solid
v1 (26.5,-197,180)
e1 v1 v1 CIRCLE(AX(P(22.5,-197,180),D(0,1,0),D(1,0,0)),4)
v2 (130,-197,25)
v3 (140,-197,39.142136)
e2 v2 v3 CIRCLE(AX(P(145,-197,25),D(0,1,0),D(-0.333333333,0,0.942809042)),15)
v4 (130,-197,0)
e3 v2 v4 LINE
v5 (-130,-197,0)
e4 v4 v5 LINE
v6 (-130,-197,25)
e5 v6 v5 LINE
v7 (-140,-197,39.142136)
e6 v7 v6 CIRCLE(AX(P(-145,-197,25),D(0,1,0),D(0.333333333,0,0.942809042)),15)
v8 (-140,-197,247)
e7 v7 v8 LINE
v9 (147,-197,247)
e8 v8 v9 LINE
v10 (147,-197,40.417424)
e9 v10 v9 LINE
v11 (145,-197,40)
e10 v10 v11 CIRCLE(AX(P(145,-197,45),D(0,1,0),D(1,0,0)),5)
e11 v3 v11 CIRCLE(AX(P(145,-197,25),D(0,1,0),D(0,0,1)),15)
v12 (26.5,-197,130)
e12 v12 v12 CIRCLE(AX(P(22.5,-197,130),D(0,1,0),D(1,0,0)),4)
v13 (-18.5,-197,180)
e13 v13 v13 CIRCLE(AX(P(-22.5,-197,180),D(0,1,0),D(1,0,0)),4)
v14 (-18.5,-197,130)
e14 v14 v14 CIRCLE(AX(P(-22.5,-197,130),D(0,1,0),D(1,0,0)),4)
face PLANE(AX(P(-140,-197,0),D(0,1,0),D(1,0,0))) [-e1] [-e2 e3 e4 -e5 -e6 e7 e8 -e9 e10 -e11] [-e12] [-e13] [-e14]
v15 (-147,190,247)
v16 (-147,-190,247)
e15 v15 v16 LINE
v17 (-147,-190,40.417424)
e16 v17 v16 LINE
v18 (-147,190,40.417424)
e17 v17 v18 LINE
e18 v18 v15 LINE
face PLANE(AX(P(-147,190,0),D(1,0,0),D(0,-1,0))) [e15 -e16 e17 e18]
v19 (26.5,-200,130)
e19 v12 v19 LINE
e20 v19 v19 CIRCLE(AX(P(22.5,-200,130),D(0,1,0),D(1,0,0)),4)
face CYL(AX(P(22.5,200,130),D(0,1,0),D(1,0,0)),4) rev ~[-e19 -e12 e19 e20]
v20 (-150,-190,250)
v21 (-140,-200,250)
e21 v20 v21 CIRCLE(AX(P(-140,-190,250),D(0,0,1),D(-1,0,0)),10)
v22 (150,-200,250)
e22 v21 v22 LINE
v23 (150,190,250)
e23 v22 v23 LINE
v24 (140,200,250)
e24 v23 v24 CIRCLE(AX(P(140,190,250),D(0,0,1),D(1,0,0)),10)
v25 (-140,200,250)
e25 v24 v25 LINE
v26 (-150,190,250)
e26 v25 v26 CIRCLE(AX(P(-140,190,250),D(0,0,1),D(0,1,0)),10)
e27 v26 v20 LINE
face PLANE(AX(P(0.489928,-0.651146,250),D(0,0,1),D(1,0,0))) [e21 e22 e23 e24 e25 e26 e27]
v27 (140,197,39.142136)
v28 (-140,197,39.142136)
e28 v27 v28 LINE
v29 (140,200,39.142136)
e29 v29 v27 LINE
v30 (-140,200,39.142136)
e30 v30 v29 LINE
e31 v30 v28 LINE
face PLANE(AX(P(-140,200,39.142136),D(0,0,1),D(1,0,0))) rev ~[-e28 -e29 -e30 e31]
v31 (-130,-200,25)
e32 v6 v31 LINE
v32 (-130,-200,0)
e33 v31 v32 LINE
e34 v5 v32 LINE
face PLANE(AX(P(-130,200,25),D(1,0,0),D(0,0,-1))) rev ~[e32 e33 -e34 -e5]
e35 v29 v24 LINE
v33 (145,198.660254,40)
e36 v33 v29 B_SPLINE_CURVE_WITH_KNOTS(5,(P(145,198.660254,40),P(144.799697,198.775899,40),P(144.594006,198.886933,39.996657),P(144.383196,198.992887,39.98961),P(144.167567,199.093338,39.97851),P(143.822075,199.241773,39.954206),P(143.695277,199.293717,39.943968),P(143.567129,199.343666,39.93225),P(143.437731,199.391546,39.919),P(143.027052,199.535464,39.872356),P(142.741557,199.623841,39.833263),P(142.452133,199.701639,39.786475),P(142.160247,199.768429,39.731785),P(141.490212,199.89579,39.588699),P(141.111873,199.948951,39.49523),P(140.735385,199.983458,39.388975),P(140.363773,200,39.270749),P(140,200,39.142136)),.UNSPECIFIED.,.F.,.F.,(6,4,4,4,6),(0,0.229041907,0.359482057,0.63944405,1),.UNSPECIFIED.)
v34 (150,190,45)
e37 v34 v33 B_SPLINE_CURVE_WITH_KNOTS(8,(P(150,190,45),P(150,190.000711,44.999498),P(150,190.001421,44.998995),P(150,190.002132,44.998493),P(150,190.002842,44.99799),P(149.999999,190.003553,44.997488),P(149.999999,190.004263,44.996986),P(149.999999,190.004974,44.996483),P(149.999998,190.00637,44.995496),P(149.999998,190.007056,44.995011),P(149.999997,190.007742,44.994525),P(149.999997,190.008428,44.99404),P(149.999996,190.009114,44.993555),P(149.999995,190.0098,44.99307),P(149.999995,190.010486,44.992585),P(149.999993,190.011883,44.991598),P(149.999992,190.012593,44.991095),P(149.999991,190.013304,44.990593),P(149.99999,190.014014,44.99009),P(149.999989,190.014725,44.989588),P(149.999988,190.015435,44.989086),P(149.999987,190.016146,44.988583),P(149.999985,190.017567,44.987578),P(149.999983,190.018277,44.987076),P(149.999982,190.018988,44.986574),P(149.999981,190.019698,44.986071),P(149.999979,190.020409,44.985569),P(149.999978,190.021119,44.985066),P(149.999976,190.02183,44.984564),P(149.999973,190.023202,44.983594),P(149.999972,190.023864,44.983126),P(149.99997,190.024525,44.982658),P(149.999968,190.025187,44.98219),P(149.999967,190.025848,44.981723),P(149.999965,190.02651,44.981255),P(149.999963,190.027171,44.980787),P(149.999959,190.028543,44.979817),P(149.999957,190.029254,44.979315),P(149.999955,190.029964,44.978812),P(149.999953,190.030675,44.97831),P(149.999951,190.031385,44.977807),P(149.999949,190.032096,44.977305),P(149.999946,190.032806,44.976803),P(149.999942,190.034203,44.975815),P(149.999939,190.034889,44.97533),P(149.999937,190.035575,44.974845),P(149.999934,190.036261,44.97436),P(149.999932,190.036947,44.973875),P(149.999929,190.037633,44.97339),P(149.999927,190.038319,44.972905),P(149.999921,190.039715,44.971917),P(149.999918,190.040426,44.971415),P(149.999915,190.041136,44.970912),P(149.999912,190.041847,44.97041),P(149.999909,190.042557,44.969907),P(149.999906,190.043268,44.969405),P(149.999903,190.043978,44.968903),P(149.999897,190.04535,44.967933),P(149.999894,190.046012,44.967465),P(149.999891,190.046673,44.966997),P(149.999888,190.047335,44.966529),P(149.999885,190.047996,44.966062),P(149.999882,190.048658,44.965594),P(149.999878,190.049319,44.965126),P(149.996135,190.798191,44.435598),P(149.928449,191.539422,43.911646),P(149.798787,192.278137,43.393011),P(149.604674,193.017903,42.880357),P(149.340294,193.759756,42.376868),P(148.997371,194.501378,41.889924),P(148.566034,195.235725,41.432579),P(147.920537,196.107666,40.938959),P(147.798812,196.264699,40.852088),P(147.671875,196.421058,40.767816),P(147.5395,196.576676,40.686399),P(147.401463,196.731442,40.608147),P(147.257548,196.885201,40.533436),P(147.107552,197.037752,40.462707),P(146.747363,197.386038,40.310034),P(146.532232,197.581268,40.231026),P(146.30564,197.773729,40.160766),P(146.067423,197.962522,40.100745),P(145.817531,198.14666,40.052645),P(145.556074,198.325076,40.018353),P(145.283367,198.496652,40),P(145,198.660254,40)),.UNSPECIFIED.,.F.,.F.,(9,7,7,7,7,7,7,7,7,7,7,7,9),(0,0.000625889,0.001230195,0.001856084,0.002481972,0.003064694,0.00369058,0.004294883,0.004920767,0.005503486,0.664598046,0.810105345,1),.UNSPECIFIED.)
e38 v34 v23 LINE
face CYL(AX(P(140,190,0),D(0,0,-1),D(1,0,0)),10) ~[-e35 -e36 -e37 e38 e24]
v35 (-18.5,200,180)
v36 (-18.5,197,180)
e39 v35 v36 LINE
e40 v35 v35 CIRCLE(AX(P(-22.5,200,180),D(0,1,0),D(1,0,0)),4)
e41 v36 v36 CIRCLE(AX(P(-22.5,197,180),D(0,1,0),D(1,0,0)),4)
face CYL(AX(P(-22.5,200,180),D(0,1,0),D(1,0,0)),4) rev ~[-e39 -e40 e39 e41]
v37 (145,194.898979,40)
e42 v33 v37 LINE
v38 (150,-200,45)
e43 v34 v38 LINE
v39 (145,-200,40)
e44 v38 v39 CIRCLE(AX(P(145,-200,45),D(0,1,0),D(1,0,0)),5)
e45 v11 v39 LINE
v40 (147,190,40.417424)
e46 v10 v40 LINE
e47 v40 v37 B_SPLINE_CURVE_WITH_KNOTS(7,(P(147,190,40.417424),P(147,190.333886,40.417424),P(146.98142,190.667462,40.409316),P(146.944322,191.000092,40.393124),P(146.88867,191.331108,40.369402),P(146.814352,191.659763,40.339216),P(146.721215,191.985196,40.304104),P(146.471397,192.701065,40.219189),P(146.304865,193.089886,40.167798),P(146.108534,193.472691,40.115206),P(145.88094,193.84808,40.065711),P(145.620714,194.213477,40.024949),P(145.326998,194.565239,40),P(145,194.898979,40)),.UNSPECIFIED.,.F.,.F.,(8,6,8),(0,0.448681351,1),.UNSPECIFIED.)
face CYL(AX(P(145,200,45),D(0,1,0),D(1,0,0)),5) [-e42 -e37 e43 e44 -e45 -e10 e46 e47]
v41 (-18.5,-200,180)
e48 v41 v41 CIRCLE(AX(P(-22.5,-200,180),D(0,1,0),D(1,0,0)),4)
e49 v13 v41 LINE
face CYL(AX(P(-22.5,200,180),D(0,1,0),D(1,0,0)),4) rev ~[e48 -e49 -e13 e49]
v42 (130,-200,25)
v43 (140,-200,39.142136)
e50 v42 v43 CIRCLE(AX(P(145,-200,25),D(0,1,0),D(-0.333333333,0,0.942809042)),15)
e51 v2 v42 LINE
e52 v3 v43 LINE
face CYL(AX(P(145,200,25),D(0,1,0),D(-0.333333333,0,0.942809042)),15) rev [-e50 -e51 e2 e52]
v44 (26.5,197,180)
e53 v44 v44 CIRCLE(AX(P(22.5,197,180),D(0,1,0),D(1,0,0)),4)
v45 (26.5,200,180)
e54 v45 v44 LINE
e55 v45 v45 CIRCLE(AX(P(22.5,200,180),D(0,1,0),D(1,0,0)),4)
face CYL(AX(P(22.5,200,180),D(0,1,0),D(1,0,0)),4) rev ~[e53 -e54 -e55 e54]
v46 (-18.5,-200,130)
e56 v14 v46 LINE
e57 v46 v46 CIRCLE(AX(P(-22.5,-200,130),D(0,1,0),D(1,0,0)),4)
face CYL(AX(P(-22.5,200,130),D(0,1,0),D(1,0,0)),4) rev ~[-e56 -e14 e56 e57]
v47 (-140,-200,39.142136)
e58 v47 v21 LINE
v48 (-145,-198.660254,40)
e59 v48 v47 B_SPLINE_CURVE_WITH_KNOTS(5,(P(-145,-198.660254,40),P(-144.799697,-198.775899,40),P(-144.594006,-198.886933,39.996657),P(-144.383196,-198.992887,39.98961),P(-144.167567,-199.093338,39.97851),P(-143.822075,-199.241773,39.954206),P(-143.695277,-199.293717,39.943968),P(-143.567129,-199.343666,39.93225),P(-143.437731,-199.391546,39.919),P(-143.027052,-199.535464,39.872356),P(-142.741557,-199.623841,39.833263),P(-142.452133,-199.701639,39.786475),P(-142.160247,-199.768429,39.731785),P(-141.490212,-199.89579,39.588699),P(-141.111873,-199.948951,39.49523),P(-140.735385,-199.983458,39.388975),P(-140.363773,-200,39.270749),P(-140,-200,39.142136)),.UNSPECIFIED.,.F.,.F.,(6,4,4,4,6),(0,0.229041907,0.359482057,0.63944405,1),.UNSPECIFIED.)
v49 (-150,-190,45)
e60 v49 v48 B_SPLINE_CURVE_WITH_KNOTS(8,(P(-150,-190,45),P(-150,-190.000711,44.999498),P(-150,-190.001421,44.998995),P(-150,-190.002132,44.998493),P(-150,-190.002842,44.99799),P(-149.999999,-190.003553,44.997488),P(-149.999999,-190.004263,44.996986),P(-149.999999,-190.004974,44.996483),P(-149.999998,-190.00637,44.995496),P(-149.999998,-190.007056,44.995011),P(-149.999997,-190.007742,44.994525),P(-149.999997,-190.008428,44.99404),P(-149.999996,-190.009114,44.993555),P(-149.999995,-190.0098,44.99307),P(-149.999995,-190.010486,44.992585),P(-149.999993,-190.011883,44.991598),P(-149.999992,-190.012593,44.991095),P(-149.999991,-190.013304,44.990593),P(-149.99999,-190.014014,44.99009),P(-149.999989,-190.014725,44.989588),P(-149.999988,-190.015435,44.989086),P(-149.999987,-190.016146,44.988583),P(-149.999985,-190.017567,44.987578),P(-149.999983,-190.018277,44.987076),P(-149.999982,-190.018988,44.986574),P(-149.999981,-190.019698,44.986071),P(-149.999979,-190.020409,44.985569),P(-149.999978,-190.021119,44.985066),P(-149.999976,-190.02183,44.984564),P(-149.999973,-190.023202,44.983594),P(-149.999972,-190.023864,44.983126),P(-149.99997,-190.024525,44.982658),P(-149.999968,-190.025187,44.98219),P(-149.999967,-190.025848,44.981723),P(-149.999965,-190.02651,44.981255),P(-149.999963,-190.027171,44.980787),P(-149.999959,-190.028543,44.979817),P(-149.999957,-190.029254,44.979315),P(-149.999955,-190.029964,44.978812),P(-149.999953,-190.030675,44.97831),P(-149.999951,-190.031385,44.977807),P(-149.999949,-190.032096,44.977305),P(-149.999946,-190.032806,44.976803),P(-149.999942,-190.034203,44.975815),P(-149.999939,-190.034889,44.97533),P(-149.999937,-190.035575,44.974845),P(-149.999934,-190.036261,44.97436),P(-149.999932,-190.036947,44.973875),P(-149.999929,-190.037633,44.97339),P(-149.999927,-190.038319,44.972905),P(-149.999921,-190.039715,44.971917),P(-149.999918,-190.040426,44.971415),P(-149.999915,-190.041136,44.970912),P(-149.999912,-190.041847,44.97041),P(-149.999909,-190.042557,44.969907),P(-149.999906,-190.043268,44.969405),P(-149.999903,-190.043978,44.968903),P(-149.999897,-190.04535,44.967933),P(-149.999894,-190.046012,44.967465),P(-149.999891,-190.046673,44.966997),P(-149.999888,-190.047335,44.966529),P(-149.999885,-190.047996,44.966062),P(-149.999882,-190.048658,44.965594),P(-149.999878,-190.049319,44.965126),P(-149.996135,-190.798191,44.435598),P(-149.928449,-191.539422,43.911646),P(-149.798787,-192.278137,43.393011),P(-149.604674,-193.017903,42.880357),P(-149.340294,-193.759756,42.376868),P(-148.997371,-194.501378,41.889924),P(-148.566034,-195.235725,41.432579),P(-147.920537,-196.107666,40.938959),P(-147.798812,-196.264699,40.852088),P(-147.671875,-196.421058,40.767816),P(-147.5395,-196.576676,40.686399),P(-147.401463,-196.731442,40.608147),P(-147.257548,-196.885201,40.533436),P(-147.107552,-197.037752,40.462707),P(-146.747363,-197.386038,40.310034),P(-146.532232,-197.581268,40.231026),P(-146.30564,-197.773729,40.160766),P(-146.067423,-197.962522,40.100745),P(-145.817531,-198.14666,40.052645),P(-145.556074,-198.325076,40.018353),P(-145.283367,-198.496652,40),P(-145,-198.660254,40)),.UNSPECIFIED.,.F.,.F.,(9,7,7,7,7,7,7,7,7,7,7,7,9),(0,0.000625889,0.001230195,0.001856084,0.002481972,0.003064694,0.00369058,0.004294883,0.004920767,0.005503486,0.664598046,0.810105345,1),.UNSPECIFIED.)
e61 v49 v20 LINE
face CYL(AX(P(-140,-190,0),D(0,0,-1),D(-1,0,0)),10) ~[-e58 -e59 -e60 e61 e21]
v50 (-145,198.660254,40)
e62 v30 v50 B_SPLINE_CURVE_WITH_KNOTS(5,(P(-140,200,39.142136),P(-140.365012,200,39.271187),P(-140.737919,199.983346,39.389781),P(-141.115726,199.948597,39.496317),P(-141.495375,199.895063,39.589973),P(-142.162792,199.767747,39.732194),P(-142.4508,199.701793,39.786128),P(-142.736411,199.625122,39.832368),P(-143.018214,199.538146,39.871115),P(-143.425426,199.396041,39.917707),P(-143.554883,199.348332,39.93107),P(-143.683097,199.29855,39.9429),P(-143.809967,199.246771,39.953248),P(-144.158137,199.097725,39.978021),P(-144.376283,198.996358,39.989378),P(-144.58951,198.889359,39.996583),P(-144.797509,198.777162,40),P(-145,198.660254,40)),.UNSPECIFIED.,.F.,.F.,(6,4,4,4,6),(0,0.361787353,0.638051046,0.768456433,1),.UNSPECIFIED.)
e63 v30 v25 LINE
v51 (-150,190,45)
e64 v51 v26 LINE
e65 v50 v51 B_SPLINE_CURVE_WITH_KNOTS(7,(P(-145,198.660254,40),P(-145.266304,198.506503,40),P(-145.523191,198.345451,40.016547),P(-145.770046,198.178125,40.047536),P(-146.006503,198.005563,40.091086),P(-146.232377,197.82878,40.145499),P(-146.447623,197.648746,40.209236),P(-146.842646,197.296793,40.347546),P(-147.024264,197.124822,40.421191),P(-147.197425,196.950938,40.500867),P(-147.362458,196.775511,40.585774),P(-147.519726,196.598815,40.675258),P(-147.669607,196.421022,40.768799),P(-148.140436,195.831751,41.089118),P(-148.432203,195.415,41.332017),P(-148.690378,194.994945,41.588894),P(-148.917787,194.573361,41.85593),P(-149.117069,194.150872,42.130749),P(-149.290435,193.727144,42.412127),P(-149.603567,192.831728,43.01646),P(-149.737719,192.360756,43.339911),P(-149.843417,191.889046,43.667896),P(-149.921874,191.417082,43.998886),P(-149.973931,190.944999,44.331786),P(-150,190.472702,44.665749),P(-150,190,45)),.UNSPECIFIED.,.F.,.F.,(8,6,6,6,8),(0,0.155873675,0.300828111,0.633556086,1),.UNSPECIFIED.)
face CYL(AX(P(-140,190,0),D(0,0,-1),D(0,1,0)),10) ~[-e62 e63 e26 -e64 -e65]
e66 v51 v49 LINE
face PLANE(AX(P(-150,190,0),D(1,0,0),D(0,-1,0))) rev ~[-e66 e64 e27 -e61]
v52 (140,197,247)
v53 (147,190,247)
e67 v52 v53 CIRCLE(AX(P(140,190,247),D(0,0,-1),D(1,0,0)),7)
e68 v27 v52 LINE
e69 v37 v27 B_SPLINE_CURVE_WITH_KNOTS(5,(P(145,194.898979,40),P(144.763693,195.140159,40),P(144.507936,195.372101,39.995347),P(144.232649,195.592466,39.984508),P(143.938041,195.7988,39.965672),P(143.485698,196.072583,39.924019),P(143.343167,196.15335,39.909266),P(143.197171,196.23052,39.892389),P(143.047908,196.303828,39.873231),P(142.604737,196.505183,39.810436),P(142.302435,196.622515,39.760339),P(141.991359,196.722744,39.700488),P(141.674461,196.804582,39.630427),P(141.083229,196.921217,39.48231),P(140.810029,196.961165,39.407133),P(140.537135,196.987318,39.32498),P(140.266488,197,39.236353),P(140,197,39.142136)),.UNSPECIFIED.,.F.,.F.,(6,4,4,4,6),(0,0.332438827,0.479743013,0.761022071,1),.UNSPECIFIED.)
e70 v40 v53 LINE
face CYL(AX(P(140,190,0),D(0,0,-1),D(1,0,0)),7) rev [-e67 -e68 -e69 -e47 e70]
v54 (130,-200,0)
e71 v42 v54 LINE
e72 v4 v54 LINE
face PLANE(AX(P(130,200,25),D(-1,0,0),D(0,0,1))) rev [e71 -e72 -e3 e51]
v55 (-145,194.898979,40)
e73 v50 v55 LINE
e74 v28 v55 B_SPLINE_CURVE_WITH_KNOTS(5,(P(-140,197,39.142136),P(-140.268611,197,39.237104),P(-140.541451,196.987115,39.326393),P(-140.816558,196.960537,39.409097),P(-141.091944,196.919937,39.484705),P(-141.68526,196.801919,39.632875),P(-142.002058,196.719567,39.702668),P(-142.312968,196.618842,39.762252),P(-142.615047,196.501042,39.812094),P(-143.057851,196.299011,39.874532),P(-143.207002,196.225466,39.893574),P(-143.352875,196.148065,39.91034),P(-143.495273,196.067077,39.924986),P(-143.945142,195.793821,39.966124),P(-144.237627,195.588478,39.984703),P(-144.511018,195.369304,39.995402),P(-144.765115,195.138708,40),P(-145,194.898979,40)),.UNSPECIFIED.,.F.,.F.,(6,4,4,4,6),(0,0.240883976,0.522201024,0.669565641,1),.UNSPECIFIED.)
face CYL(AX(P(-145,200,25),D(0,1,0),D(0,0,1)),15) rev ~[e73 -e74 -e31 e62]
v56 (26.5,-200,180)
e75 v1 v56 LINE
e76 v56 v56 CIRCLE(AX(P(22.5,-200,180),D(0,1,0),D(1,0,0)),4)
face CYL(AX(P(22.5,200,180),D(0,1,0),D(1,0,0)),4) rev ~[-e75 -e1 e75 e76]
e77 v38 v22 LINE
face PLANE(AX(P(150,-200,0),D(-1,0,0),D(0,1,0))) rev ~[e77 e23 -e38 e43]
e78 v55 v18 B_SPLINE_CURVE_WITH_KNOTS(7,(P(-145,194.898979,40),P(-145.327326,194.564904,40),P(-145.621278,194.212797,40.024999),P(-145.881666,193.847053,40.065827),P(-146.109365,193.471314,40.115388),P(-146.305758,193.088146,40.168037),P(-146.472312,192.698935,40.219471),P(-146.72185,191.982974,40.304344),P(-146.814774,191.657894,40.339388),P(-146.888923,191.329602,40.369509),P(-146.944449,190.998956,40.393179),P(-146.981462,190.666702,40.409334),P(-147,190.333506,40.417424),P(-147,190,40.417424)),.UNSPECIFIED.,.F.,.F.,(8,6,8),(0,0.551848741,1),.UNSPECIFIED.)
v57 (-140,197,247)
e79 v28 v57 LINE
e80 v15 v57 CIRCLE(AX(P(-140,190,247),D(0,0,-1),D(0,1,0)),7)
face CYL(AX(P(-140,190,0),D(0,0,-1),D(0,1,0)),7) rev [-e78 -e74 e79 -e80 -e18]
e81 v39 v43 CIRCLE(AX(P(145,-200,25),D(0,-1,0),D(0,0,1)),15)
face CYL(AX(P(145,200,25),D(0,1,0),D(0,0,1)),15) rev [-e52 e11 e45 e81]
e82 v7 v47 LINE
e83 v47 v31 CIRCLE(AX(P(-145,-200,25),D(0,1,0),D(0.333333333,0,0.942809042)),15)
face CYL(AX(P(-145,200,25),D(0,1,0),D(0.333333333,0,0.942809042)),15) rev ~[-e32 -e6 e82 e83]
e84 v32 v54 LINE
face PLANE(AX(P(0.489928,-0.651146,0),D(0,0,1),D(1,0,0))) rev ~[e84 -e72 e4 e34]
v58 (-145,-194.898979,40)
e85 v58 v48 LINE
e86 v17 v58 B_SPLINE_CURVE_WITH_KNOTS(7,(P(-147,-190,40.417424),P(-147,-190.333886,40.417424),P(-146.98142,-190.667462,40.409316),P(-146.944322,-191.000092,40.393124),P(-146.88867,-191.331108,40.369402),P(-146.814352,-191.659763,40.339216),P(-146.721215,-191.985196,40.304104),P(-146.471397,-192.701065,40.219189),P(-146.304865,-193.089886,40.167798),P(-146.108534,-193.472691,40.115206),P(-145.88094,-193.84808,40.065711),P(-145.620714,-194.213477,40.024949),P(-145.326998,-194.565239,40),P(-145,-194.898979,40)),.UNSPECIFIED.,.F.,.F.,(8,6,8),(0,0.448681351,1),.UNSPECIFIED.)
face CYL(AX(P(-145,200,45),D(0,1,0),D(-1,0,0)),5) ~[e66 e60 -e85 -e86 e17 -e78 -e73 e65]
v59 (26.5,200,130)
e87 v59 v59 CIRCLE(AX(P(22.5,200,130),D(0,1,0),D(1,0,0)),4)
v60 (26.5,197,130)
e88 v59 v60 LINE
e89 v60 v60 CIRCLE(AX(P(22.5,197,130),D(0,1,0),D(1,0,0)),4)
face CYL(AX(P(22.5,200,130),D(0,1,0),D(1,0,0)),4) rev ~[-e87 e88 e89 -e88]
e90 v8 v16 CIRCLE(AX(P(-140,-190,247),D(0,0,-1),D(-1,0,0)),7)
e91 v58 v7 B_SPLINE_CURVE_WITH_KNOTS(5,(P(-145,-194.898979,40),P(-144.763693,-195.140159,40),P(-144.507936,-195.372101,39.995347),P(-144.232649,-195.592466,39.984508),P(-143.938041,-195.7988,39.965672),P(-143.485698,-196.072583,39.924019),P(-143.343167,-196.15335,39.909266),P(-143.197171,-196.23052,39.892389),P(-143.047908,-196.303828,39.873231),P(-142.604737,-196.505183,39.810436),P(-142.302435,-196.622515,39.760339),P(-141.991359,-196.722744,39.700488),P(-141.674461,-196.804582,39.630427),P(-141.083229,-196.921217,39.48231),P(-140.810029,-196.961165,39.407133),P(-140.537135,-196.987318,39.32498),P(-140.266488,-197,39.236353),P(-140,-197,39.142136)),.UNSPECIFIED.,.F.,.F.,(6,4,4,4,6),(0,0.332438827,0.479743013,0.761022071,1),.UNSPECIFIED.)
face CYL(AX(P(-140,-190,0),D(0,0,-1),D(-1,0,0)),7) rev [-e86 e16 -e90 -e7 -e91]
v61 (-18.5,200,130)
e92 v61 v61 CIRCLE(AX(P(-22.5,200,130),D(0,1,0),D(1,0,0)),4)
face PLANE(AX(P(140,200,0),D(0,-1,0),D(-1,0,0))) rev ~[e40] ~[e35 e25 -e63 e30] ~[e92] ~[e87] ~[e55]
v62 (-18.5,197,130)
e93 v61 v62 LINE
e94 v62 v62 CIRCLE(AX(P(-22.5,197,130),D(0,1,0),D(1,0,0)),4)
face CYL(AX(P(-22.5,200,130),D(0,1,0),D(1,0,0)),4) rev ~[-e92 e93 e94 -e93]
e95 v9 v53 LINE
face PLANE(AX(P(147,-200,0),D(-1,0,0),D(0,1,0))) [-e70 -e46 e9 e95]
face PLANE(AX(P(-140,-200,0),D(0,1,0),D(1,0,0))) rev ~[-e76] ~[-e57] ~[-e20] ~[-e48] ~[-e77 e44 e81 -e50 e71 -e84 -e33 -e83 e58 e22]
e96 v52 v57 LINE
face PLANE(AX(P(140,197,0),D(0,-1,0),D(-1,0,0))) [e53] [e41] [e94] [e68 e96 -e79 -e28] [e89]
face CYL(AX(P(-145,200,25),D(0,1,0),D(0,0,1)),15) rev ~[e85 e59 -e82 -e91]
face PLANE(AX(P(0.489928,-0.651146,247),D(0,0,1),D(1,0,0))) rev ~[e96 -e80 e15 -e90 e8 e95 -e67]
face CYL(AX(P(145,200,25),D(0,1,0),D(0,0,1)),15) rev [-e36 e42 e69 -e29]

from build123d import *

# Parameters (mm, degrees)
BOSS_EXTRUDE1_DEPTH = 250
SHELL1_T            = -3
SKETCH4_R           = 4
CUT_EXTRUDE1_DEPTH  = 401
CUT_EXTRUDE3_DEPTH  = 400
CUT_EXTRUDE4_DEPTH  = 414
SKETCH7_W           = 291.024636147
SKETCH7_H           = 48.584181262
CUT_EXTRUDE5_DEPTH  = 232


with BuildPart() as part:
    # Sketch2 → Boss-Extrude1 (new body)
    with BuildSketch(Plane.XY):
        with BuildLine():
            Line((-140, -200), (150, -200))
            Line((150, -200), (150, 190))
            ThreePointArc((150, 190), (147.071067812, 197.071067812), (140, 200))
            Line((140, 200), (-140, 200))
            ThreePointArc((-140, 200), (-147.071067812, 197.071067812), (-150, 190))
            Line((-150, 190), (-150, -190))
            ThreePointArc((-150, -190), (-147.071067812, -197.071067812), (-140, -200))
        make_face()
    extrude(amount=BOSS_EXTRUDE1_DEPTH)

    # Shell1
    shell1_openings = [part.faces().sort_by_distance(p)[0] for p in [
        (-20.29586683, 27.438723973, 0),
    ]]
    offset(amount=SHELL1_T, openings=shell1_openings, kind=Kind.INTERSECTION)

    # Sketch4 → Cut-Extrude1 (cut, through all)
    with BuildSketch(Plane(origin=(0, 200, 0), x_dir=(1, 0, 0), z_dir=(0, 1, 0))):
        with Locations((-22.5, -130)):
            Circle(SKETCH4_R)
        with Locations((22.5, -130)):
            Circle(SKETCH4_R)
        with Locations((-22.5, -180)):
            Circle(SKETCH4_R)
        with Locations((22.5, -180)):
            Circle(SKETCH4_R)
    extrude(amount=-CUT_EXTRUDE1_DEPTH, mode=Mode.SUBTRACT)

    # Sketch6 → Cut-Extrude3 (cut)
    with BuildSketch(Plane(origin=(0, 200, 0), x_dir=(1, 0, 0), z_dir=(0, 1, 0))):
        with BuildLine():
            Line((-140, -39.142135624), (-140, 0))
            Line((-140, 0), (-150, 0))
            Line((-150, 0), (-150, -45))
            ThreePointArc((-150, -45), (-148.535533906, -41.464466094), (-145, -40))
            ThreePointArc((-145, -40), (-142.463470319, -39.783978395), (-140, -39.142135624))
        make_face()
    cut_extrude3 = extrude(amount=-CUT_EXTRUDE3_DEPTH, mode=Mode.SUBTRACT)

    # Sketch6<3> → Cut-Extrude4 (cut)
    with BuildSketch(Plane(origin=(0, 200, 0), x_dir=(1, 0, 0), z_dir=(0, 1, 0))):
        with BuildLine():
            Line((-130, -25), (-130, 0))
            Line((-130, 0), (-140, 0))
            Line((-140, 0), (-140, -39.142135624))
            ThreePointArc((-140, -39.142135624), (-132.752551286, -33.660254038), (-130, -25))
        make_face()
    cut_extrude4 = extrude(amount=-CUT_EXTRUDE4_DEPTH, mode=Mode.SUBTRACT)

    # Mirror1: Cut-Extrude3, Cut-Extrude4 across plane
    add(cut_extrude3.mirror(Plane(origin=(0, 0, 0), x_dir=(0, 0, 1), z_dir=(1, 0, 0))), mode=Mode.SUBTRACT)
    add(cut_extrude4.mirror(Plane(origin=(0, 0, 0), x_dir=(0, 0, 1), z_dir=(1, 0, 0))), mode=Mode.SUBTRACT)

    # Sketch7 → Cut-Extrude5 (cut)
    with BuildSketch(Plane(origin=(0, 200, 0), x_dir=(1, 0, 0), z_dir=(0, 1, 0))):
        with Locations((5.512318073, -14.850044993)):
            Rectangle(SKETCH7_W, SKETCH7_H)
    extrude(amount=-CUT_EXTRUDE5_DEPTH, mode=Mode.SUBTRACT)


solid = part.part
